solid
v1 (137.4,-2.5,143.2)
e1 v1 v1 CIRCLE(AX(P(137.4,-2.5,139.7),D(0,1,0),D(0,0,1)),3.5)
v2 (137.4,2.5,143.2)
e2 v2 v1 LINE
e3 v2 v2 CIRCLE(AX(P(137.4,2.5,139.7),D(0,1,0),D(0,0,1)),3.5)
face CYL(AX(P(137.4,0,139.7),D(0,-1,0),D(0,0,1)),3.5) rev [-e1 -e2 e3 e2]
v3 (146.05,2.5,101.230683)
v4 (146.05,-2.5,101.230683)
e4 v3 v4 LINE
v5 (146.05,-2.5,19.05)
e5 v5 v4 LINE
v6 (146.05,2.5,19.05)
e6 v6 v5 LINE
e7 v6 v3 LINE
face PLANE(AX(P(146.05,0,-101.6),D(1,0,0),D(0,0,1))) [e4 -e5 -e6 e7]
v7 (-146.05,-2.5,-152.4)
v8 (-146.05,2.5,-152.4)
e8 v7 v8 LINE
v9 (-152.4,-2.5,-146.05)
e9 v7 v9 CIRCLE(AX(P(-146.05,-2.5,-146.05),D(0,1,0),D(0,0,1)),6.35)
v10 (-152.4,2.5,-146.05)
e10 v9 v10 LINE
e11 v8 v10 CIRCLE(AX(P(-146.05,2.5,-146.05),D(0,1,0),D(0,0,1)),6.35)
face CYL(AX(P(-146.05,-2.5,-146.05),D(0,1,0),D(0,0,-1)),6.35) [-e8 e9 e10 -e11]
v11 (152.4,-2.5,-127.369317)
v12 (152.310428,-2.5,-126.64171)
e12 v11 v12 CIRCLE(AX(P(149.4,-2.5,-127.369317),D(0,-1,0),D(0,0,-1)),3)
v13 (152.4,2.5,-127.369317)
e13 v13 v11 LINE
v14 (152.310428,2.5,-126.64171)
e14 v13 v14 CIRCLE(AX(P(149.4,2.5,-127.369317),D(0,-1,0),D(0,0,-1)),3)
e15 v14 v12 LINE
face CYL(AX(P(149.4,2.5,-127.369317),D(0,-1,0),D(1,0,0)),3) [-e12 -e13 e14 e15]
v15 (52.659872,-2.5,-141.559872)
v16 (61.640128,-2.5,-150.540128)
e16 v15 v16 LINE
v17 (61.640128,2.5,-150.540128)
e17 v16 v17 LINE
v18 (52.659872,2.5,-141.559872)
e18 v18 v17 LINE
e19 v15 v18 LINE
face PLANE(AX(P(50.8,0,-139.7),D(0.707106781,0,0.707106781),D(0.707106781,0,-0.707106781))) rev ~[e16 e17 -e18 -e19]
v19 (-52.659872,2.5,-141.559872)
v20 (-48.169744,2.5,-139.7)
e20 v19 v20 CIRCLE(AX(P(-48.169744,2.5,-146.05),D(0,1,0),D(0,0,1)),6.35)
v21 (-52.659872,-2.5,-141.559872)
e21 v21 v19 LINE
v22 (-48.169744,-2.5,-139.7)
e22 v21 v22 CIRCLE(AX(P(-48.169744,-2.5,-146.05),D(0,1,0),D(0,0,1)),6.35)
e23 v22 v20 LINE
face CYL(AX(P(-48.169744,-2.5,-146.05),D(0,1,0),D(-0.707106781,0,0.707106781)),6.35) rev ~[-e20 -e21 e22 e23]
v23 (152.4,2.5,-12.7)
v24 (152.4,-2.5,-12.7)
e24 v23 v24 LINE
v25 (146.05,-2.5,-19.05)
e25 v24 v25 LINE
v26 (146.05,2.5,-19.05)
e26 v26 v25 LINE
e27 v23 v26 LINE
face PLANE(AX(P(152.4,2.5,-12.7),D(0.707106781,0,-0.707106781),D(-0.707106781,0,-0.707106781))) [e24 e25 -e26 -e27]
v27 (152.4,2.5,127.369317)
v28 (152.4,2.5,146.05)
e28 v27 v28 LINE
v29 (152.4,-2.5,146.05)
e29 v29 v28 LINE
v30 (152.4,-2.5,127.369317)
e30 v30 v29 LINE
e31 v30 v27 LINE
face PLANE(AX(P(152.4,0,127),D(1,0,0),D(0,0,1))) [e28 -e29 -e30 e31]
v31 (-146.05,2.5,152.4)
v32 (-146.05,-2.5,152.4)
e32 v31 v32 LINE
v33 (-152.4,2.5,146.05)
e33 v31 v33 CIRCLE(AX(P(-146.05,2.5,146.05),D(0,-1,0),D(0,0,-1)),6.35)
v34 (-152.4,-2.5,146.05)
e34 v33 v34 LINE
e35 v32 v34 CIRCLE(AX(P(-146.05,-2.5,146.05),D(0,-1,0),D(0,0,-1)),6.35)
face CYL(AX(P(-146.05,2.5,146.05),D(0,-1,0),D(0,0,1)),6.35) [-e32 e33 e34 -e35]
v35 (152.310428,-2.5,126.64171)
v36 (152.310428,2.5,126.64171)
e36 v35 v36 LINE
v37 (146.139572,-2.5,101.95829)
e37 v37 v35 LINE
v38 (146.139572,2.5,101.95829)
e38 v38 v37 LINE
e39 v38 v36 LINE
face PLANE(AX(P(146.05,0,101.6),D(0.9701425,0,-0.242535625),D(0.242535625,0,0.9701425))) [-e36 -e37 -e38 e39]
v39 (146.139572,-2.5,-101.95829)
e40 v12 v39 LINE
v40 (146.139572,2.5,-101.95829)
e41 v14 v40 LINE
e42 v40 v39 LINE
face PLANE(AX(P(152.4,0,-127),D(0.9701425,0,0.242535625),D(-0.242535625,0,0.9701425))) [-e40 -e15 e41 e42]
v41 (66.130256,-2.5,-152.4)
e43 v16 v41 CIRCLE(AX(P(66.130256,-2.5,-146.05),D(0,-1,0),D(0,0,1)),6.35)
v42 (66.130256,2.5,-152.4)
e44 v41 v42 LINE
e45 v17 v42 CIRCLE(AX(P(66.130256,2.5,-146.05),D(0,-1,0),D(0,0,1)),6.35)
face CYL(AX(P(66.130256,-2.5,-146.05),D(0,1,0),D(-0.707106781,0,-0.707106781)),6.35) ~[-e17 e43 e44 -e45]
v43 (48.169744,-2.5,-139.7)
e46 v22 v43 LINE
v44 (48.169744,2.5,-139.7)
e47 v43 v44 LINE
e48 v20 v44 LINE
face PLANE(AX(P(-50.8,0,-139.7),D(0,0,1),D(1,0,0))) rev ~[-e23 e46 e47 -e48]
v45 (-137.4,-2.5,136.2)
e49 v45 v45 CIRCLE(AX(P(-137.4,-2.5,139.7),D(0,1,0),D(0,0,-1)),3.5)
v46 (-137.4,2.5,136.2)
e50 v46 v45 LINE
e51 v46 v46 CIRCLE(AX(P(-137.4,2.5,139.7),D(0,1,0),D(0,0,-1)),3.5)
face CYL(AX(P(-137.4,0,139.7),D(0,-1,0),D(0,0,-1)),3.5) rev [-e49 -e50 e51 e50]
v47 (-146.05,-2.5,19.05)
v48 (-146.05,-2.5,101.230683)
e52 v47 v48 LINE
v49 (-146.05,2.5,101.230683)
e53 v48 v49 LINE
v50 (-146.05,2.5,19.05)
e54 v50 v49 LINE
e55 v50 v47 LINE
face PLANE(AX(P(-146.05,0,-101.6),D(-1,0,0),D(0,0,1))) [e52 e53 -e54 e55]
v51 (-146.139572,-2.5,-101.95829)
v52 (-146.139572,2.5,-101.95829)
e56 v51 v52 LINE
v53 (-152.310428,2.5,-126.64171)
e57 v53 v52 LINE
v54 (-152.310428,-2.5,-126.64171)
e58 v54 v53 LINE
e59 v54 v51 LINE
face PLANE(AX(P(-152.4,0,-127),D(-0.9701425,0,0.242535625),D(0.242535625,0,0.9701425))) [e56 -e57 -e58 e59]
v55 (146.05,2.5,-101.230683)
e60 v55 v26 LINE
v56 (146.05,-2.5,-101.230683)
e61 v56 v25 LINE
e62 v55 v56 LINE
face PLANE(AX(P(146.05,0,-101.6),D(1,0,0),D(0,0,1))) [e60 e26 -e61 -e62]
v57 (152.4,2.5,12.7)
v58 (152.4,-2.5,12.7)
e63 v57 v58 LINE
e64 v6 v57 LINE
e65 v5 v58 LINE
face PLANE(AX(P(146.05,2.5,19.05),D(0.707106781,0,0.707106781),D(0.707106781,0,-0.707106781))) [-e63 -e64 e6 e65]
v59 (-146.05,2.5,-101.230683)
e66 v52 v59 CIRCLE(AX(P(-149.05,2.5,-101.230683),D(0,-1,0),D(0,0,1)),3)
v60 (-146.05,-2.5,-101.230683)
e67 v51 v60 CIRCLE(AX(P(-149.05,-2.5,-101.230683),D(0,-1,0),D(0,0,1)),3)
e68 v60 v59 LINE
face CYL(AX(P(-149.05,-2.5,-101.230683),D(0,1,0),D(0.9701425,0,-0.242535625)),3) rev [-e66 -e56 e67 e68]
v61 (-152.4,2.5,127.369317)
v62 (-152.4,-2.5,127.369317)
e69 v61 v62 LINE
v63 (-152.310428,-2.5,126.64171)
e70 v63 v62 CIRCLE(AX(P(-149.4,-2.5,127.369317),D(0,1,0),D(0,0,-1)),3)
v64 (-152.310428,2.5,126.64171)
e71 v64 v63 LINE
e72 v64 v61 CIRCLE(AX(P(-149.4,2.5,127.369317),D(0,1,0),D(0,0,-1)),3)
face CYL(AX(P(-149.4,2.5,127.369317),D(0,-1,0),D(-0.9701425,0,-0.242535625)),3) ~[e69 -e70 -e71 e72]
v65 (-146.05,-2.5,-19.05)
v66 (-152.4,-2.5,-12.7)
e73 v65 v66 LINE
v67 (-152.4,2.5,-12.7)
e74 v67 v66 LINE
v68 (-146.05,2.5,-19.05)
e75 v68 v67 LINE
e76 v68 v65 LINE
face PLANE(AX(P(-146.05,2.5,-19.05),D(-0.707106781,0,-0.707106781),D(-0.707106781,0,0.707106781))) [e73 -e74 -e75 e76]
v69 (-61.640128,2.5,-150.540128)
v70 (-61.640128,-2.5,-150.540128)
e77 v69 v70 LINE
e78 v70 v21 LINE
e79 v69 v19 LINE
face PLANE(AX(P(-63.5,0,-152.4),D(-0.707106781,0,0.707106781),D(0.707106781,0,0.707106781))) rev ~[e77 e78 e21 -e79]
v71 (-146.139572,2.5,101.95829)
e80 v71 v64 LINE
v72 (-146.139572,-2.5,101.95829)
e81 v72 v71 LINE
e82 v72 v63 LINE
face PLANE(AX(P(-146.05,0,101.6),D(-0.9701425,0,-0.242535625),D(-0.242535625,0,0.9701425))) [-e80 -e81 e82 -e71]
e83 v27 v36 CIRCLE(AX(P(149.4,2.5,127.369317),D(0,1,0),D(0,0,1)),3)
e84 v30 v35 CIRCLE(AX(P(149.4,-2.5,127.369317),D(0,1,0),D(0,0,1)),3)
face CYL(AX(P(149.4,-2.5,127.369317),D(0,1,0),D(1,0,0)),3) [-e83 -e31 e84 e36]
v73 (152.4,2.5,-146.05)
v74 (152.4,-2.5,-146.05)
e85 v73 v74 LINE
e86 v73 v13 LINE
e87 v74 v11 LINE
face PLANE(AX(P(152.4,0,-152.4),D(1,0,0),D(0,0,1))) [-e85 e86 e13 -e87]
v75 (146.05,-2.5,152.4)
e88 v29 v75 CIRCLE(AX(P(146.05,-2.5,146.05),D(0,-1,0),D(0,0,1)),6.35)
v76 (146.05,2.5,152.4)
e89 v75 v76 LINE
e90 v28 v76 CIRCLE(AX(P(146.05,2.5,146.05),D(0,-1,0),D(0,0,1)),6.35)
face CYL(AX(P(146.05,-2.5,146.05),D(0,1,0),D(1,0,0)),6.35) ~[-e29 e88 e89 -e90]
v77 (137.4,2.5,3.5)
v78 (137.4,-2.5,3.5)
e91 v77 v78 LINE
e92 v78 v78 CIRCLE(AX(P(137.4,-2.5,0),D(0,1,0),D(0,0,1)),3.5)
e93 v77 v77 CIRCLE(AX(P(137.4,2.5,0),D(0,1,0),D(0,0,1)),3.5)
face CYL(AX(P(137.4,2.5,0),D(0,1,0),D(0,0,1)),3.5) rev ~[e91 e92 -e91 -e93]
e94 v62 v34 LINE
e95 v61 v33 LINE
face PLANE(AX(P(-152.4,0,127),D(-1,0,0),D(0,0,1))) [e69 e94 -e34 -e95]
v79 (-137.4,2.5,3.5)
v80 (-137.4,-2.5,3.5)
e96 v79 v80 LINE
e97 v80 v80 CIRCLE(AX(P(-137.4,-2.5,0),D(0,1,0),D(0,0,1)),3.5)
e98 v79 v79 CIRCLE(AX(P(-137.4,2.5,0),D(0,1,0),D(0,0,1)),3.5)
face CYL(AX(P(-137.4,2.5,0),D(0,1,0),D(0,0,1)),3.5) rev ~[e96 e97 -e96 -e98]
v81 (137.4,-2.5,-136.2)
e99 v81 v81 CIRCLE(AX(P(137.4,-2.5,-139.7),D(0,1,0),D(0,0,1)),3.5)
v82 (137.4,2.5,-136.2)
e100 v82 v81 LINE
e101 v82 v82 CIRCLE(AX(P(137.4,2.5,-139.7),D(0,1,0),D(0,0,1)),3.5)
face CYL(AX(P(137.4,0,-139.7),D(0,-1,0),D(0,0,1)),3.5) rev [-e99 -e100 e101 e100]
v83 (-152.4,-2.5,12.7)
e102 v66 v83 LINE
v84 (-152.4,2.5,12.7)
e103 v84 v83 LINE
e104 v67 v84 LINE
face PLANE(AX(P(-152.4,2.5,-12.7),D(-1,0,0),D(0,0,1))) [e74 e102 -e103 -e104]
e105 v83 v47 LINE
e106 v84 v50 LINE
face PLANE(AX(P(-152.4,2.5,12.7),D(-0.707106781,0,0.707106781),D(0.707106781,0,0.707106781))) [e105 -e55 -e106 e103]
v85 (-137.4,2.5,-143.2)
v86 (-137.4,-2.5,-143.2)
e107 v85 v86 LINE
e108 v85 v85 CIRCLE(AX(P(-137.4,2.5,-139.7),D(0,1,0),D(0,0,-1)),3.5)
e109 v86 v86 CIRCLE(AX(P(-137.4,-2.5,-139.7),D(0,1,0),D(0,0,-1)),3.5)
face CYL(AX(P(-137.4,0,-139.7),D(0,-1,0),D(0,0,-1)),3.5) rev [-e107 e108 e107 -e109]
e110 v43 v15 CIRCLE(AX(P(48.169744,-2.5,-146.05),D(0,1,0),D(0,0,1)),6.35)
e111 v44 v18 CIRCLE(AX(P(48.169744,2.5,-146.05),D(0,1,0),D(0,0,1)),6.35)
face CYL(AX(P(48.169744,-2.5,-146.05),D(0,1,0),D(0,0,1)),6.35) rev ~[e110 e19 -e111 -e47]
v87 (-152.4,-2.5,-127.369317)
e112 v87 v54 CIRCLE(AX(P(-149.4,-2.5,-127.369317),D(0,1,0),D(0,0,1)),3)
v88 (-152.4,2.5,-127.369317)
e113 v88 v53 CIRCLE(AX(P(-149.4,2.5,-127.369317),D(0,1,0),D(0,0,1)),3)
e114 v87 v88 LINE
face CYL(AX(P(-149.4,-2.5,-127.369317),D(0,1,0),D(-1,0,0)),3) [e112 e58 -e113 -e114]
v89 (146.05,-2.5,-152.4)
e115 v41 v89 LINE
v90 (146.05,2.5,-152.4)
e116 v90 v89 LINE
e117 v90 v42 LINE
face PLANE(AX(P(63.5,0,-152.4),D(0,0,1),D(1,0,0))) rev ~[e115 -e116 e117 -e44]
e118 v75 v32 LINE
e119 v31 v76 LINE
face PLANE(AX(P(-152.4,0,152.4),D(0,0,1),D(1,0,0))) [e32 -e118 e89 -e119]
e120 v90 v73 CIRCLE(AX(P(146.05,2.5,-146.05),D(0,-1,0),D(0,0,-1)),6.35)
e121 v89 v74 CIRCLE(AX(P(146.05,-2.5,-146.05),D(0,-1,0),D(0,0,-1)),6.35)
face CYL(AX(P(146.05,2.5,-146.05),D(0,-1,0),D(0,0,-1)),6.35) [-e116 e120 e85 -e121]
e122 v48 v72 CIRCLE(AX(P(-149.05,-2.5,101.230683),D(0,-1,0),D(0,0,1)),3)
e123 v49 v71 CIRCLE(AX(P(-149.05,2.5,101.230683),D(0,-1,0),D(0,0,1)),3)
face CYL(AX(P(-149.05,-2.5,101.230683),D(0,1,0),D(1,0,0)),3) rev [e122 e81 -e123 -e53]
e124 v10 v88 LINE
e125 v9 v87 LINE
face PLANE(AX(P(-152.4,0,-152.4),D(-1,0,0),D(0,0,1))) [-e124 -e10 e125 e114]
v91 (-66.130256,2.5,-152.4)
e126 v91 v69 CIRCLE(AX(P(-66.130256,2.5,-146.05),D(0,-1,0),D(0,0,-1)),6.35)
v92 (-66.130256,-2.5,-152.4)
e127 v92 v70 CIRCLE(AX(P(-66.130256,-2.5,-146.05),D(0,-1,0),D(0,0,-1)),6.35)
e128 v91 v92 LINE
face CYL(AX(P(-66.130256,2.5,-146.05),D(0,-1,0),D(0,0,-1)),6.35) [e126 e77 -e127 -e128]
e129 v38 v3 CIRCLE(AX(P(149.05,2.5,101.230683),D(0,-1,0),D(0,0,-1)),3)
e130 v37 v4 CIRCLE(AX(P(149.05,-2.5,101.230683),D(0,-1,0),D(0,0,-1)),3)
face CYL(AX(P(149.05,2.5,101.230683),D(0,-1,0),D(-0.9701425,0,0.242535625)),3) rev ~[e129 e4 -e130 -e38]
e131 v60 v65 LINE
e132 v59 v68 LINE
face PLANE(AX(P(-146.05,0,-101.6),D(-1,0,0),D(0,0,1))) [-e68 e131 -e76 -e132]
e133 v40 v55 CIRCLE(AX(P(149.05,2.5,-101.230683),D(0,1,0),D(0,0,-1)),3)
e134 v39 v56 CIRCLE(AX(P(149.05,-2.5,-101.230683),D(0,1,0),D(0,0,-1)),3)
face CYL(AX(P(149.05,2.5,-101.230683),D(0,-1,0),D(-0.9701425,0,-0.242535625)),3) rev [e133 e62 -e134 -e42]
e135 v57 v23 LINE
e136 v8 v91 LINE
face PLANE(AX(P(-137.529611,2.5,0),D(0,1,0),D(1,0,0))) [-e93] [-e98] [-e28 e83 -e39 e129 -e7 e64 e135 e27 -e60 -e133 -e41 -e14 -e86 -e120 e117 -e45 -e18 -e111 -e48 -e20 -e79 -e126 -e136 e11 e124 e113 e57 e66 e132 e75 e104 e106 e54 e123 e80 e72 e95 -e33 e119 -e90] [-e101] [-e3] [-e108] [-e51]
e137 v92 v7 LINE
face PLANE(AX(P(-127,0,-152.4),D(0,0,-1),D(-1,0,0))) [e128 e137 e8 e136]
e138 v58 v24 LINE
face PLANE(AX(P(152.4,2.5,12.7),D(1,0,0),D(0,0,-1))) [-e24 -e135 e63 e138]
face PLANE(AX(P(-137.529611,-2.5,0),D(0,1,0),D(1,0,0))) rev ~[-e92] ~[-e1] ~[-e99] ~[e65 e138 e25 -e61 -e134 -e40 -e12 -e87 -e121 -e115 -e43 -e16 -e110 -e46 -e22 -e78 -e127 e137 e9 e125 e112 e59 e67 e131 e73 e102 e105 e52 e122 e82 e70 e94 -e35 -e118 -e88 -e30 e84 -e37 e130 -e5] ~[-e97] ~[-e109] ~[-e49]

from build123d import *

# Parameters (mm, degrees)
BOSS_EXTRUDE1_DEPTH = 2.5
SKETCH2_R           = 3.5
BOSS_EXTRUDE2_DEPTH = 2.5
FILLET1_R           = 6.35
FILLET2_R           = 6.35
FILLET3_R           = 3
BOSS_EXTRUDE3_DEPTH = 5
CUT_EXTRUDE1_REACH  = 217.584
SKETCH3_4_R         = 3.5


with BuildPart() as part:
    # Sketch1 → Boss-Extrude1 (new, symmetric)
    with BuildSketch(Plane(origin=(0, 0, 0), x_dir=(1, 0, 0), z_dir=(0, 1, 0))):
        Polygon((63.5, 152.4), (127, 152.4), (127, -152.4), (-127, -152.4), (-127, 152.4), (-63.5, 152.4), (-50.8, 139.7), (50.8, 139.7), align=None)
    extrude(amount=BOSS_EXTRUDE1_DEPTH, both=True)

    # Sketch2 → Boss-Extrude2 (add, symmetric)
    # profile 1 of 2: a face of its own
    with BuildSketch(Plane(origin=(0, 0, 0), x_dir=(1, 0, 0), z_dir=(0, 1, 0))):
        Polygon((127, 152.4), (152.4, 152.4), (152.4, 127), (146.05, 101.6), (146.05, -101.6), (152.4, -127), (152.4, -152.4), (127, -152.4), align=None)
        with Locations(Location((137.4, 139.7, 0), (0, 0, 270))):
            Circle(SKETCH2_R, mode=Mode.SUBTRACT)
        with Locations(Location((137.4, -139.7, 0), (0, 0, 270))):
            Circle(SKETCH2_R, mode=Mode.SUBTRACT)
    # profile 2 of 2: a face of its own
    with BuildSketch(Plane(origin=(0, 0, 0), x_dir=(1, 0, 0), z_dir=(0, 1, 0))):
        Polygon((-127, 152.4), (-152.4, 152.4), (-152.4, 127), (-146.05, 101.6), (-146.05, -101.6), (-152.4, -127), (-152.4, -152.4), (-127, -152.4), align=None)
        with Locations(Location((-137.4, -139.7, 0), (0, 0, 90))):
            Circle(SKETCH2_R, mode=Mode.SUBTRACT)
        with Locations(Location((-137.4, 139.7, 0), (0, 0, 90))):
            Circle(SKETCH2_R, mode=Mode.SUBTRACT)
    extrude(amount=BOSS_EXTRUDE2_DEPTH, both=True)

    # Fillet1
    fillet1_edges = [part.edges().sort_by_distance(p)[0] for p in [
        (152.4, 0, 152.4),
        (152.4, 0, -152.4),
        (-152.4, 0, -152.4),
        (-152.4, 0, 152.4),
    ]]
    fillet(fillet1_edges, radius=FILLET1_R)

    # Fillet2
    fillet2_edges = [part.edges().sort_by_distance(p)[0] for p in [
        (-63.5, 0, -152.4),
        (-50.8, 0, -139.7),
        (50.8, 0, -139.7),
        (63.5, 0, -152.4),
    ]]
    fillet(fillet2_edges, radius=FILLET2_R)

    # Fillet3
    fillet3_edges = [part.edges().sort_by_distance(p)[0] for p in [
        (152.4, 0, 127),
        (146.05, 0, 101.6),
        (146.05, 0, -101.6),
        (152.4, 0, -127),
        (-152.4, 0, -127),
        (-146.05, 0, -101.6),
        (-146.05, 0, 101.6),
        (-152.4, 0, 127),
    ]]
    fillet(fillet3_edges, radius=FILLET3_R)

    # Sketch3 → Boss-Extrude3 (add)
    with BuildSketch(Plane(origin=(0, 2.5, 0), x_dir=(1, 0, 0), z_dir=(0, 1, 0))):
        Polygon((-146.05, 19.05), (-152.4, 12.7), (-152.4, -12.7), (-146.05, -19.05), align=None)
        Polygon((152.4, -12.7), (152.4, 12.7), (146.05, 19.05), (146.05, -19.05), align=None)
    extrude(amount=-BOSS_EXTRUDE3_DEPTH)

    # Sketch3<4> → Cut-Extrude1 (cut, up to next)
    with BuildSketch(Plane(origin=(0, 2.5, 0), x_dir=(1, 0, 0), z_dir=(0, 1, 0)), mode=Mode.PRIVATE) as cut_extrude1_sk1:
        with Locations(Location((-137.4, 0, 0), (0, 0, 270))):
            Circle(SKETCH3_4_R)
    cut_extrude1_tool1 = extrude(cut_extrude1_sk1.sketch, amount=-CUT_EXTRUDE1_REACH, mode=Mode.PRIVATE) & part.part
    # Sketch3<4> → Cut-Extrude1 (cut, up to next)
    with BuildSketch(Plane(origin=(0, 2.5, 0), x_dir=(1, 0, 0), z_dir=(0, 1, 0)), mode=Mode.PRIVATE) as cut_extrude1_sk2:
        with Locations(Location((137.4, 0, 0), (0, 0, 270))):
            Circle(SKETCH3_4_R)
    cut_extrude1_tool2 = extrude(cut_extrude1_sk2.sketch, amount=-CUT_EXTRUDE1_REACH, mode=Mode.PRIVATE) & part.part
    add(cut_extrude1_tool1.solids().sort_by_distance((-137.4, 2.5, 0))[0], mode=Mode.SUBTRACT)
    add(cut_extrude1_tool2.solids().sort_by_distance((137.4, 2.5, 0))[0], mode=Mode.SUBTRACT)


solid = part.part
